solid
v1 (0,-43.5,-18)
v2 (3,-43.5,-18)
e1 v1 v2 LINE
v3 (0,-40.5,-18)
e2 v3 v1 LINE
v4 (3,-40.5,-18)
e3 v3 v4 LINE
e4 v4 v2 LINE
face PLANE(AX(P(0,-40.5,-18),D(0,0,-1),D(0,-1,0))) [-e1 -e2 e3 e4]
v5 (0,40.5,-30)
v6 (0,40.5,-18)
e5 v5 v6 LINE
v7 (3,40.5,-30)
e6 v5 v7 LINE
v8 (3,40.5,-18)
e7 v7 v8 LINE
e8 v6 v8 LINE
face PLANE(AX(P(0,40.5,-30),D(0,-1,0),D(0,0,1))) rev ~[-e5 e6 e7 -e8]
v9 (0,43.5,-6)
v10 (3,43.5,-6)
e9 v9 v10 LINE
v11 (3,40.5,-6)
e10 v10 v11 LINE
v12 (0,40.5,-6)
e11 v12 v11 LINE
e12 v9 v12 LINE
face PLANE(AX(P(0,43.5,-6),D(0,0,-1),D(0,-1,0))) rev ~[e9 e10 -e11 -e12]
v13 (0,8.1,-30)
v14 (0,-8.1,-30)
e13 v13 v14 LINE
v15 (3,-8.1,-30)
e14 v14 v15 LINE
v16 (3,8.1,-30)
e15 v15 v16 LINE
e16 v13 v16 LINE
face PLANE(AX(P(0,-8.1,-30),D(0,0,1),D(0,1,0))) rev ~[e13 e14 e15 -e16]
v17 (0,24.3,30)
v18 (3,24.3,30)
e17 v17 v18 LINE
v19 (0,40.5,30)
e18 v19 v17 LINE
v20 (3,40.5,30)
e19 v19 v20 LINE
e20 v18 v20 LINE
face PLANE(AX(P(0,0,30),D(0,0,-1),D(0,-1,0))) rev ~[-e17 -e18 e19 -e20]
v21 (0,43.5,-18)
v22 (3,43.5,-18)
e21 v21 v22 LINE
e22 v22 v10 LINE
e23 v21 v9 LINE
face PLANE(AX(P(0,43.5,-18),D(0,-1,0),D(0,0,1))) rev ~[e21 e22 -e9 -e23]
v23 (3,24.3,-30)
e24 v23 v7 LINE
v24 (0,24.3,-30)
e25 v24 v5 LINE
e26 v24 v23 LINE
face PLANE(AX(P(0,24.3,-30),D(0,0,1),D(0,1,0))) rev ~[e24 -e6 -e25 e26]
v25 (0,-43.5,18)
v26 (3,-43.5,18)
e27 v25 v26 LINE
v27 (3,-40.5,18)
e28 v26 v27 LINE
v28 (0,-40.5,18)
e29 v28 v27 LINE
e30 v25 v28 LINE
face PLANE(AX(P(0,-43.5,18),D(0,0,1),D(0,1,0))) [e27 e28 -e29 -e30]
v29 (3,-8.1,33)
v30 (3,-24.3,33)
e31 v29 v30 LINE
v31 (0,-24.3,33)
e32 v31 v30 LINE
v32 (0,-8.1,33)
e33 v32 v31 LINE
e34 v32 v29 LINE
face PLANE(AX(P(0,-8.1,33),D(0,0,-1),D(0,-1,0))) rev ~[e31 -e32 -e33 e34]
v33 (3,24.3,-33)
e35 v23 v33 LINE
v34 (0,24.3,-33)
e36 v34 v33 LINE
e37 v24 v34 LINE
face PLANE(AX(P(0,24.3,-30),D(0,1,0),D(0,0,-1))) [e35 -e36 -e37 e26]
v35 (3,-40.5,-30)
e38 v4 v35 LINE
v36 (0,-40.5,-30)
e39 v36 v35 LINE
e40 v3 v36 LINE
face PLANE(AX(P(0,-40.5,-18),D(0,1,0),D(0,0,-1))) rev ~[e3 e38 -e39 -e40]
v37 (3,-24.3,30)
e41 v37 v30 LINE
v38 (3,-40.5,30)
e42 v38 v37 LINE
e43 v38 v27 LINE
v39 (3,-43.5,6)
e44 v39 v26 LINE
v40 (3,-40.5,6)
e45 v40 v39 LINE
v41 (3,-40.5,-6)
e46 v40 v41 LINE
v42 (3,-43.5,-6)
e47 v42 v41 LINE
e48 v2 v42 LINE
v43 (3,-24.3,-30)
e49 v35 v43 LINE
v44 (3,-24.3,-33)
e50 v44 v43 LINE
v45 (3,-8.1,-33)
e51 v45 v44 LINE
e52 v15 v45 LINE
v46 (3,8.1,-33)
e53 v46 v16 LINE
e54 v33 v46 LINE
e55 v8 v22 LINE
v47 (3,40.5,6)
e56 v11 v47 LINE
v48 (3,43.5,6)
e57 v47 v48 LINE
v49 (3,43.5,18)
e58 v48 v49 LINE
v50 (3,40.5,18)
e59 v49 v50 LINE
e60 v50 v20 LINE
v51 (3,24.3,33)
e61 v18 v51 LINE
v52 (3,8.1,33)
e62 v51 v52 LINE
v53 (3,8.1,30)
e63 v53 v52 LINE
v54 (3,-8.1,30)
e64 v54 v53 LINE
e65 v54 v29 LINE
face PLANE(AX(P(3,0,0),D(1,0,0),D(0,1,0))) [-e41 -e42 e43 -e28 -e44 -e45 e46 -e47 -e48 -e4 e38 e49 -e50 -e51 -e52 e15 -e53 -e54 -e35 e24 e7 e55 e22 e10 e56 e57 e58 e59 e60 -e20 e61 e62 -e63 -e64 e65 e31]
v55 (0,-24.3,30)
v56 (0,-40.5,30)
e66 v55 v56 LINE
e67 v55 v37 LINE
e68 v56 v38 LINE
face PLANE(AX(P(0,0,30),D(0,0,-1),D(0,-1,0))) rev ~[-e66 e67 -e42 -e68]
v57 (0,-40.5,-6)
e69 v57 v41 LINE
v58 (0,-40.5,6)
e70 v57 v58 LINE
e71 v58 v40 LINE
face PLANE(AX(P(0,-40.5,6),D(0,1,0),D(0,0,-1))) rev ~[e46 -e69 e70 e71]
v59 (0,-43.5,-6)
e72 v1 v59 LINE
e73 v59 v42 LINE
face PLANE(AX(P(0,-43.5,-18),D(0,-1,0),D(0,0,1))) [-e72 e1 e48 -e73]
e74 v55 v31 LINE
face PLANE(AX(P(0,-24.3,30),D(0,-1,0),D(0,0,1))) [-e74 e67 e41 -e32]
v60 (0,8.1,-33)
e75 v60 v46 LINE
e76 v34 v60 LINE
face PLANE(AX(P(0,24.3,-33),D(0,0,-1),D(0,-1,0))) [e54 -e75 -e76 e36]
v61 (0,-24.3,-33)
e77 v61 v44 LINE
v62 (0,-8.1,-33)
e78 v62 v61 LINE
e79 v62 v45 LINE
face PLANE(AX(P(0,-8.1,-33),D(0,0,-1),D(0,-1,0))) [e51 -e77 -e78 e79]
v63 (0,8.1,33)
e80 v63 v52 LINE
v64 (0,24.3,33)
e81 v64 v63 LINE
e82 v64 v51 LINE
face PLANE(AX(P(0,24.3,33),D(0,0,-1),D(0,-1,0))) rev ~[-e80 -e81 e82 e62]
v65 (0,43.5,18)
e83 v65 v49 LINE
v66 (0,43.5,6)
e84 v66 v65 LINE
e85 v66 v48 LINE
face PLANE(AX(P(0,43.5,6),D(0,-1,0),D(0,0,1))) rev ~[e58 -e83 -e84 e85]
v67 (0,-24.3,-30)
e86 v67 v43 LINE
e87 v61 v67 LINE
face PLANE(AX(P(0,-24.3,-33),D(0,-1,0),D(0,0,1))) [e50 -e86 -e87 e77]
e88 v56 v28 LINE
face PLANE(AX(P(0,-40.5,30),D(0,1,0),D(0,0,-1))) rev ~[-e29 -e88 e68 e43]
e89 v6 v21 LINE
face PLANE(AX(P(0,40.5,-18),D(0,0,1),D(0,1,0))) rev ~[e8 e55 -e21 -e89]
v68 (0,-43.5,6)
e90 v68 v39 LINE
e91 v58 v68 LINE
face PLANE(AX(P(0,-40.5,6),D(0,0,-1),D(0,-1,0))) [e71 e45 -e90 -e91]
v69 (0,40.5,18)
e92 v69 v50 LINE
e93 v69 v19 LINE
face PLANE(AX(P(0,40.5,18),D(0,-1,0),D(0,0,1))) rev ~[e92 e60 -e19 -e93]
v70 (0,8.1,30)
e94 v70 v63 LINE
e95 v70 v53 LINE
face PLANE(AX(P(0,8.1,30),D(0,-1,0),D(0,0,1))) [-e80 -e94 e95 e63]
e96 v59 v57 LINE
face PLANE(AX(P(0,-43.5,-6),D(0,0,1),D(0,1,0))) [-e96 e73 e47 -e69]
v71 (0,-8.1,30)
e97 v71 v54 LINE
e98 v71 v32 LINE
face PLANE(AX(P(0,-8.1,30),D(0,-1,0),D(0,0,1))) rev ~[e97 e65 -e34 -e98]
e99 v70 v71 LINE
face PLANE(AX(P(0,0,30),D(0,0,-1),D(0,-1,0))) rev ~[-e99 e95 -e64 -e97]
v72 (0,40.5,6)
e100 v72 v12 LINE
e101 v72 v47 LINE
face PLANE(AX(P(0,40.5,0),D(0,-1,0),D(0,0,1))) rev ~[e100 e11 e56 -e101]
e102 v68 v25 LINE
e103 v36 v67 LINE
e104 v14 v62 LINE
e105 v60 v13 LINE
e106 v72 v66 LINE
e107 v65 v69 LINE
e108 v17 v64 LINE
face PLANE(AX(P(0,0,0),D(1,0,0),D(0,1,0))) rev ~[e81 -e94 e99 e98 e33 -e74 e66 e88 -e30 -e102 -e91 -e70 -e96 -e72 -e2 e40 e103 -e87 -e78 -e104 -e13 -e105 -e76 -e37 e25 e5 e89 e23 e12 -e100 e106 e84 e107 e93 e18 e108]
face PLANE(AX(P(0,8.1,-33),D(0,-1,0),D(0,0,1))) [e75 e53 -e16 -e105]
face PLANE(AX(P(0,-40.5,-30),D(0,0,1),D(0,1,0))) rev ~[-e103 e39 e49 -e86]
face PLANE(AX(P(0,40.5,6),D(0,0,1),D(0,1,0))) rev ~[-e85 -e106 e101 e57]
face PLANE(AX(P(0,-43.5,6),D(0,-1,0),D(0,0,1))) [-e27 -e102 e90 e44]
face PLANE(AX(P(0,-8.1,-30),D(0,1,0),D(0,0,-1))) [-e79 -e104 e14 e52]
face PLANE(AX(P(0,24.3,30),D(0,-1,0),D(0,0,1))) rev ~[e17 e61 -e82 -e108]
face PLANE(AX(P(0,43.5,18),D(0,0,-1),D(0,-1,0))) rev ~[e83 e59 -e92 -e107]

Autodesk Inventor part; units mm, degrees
ref_plane "YZ Plane" through (0, 0, 0) normal (1, 0, 0) x (0, 1, 0)
ref_plane "XZ Plane" through (0, 0, 0) normal (0, 1, 0) x (-1, 0, 0)
ref_plane "XY Plane" through (0, 0, 0) normal (0, 0, 1) x (1, 0, 0)
sketch "Sketch1" plane through (0, 0, 0) normal (1, 0, 0) x (0, 1, 0)
  line L0 (-40.5, 30) -> (-40.5, -30)
  line L1 (-40.5, -30) -> (40.5, -30)
  line L2 (40.5, -30) -> (40.5, 30)
  line L3 (40.5, 30) -> (-40.5, 30)
  line L4 (-40.5, 30) -> (40.5, -30) construction
  line L5 (-40.5, -30) -> (40.5, 30) construction
  line L6 (-40.5, 18) -> (-40.5, 6)
  line L7 (-40.5, 6) -> (-43.5, 6)
  line L8 (-43.5, 6) -> (-43.5, 18)
  line L9 (-43.5, 18) -> (-40.5, 18)
  line L10 (-40.5, -6) -> (-40.5, -18)
  line L11 (-40.5, -18) -> (-43.5, -18)
  line L12 (-43.5, -18) -> (-43.5, -6)
  line L13 (-43.5, -6) -> (-40.5, -6)
  line L14 (-8.1, -30) -> (-8.1, -33)
  line L15 (-8.1, -33) -> (-24.3, -33)
  line L16 (-24.3, -33) -> (-24.3, -30)
  line L17 (-24.3, -30) -> (-8.1, -30)
  line L18 (8.1, -30) -> (24.3, -30)
  line L19 (24.3, -30) -> (24.3, -33)
  line L20 (24.3, -33) -> (8.1, -33)
  line L21 (8.1, -33) -> (8.1, -30)
  line L22 (-60.9, 0) -> (60.9, 0) projected
  line L23 (0, -45.6) -> (0, 42.6) projected
  line L24 (40.5, 18) -> (40.5, 6)
  line L25 (40.5, 6) -> (43.5, 6)
  line L26 (43.5, 6) -> (43.5, 18)
  line L27 (43.5, 18) -> (40.5, 18)
  line L28 (40.5, -6) -> (40.5, -18)
  line L29 (40.5, -18) -> (43.5, -18)
  line L30 (43.5, -18) -> (43.5, -6)
  line L31 (43.5, -6) -> (40.5, -6)
  point P0 (0, 0)
  point P1 (-43.5, -12)
  point P2 (43.5, -12)
  dimension "d0" = 81
  dimension "d1" = 60
  dimension "d2" = 3
  dimension "d3" = 12
  dimension "d4" = 12
  dimension "d5" = 12
  dimension "d6" = 12
  dimension "d7" = 16.2
  dimension "d8" = 16.2
  dimension "d9" = 16.2
  dimension "d10" = 16.2
extrude "Extrusion1" add sketch "Sketch1" along normal blind 3
sketch "Sketch2" plane through (0, 0, 0) normal (-1, 0, 0) x (0, 0, 1)
  line L0 (30, 24.3) -> (30, 8.1) projected
  line L1 (30, 8.1) -> (33, 8.1) projected
  line L2 (33, 24.3) -> (33, 8.1) projected
  line L3 (30, 24.3) -> (33, 24.3) projected
  line L4 (30, -8.1) -> (30, -24.3) projected
  line L5 (30, -24.3) -> (33, -24.3) projected
  line L6 (33, -8.1) -> (33, -24.3) projected
  line L7 (30, -8.1) -> (33, -8.1) projected
  line L8 (30, 24.3) -> (33, 24.3)
  line L9 (33, 24.3) -> (33, 8.1)
  line L10 (33, 8.1) -> (30, 8.1)
  line L11 (30, 8.1) -> (30, 24.3)
  line L12 (30, -8.1) -> (33, -8.1)
  line L13 (33, -8.1) -> (33, -24.3)
  line L14 (33, -24.3) -> (30, -24.3)
  line L15 (30, -24.3) -> (30, -8.1)
  point P0 (0, 0)
extrude "Extrusion2" add sketch "Sketch2" against normal blind 3
equation "\"d3\" = 0.2 * d1"
equation "\"d4\" = d3"
equation "\"d5\" = d3"
equation "\"d6\" = d4"
equation "\"d7\" = 0.2 * d0"
equation "\"d8\" = d7"
equation "\"d9\" = d7"
equation "\"d10\" = d8"
equation "\"d11\" = d2"
equation "\"d13\" = d2"
properties part number "back"
